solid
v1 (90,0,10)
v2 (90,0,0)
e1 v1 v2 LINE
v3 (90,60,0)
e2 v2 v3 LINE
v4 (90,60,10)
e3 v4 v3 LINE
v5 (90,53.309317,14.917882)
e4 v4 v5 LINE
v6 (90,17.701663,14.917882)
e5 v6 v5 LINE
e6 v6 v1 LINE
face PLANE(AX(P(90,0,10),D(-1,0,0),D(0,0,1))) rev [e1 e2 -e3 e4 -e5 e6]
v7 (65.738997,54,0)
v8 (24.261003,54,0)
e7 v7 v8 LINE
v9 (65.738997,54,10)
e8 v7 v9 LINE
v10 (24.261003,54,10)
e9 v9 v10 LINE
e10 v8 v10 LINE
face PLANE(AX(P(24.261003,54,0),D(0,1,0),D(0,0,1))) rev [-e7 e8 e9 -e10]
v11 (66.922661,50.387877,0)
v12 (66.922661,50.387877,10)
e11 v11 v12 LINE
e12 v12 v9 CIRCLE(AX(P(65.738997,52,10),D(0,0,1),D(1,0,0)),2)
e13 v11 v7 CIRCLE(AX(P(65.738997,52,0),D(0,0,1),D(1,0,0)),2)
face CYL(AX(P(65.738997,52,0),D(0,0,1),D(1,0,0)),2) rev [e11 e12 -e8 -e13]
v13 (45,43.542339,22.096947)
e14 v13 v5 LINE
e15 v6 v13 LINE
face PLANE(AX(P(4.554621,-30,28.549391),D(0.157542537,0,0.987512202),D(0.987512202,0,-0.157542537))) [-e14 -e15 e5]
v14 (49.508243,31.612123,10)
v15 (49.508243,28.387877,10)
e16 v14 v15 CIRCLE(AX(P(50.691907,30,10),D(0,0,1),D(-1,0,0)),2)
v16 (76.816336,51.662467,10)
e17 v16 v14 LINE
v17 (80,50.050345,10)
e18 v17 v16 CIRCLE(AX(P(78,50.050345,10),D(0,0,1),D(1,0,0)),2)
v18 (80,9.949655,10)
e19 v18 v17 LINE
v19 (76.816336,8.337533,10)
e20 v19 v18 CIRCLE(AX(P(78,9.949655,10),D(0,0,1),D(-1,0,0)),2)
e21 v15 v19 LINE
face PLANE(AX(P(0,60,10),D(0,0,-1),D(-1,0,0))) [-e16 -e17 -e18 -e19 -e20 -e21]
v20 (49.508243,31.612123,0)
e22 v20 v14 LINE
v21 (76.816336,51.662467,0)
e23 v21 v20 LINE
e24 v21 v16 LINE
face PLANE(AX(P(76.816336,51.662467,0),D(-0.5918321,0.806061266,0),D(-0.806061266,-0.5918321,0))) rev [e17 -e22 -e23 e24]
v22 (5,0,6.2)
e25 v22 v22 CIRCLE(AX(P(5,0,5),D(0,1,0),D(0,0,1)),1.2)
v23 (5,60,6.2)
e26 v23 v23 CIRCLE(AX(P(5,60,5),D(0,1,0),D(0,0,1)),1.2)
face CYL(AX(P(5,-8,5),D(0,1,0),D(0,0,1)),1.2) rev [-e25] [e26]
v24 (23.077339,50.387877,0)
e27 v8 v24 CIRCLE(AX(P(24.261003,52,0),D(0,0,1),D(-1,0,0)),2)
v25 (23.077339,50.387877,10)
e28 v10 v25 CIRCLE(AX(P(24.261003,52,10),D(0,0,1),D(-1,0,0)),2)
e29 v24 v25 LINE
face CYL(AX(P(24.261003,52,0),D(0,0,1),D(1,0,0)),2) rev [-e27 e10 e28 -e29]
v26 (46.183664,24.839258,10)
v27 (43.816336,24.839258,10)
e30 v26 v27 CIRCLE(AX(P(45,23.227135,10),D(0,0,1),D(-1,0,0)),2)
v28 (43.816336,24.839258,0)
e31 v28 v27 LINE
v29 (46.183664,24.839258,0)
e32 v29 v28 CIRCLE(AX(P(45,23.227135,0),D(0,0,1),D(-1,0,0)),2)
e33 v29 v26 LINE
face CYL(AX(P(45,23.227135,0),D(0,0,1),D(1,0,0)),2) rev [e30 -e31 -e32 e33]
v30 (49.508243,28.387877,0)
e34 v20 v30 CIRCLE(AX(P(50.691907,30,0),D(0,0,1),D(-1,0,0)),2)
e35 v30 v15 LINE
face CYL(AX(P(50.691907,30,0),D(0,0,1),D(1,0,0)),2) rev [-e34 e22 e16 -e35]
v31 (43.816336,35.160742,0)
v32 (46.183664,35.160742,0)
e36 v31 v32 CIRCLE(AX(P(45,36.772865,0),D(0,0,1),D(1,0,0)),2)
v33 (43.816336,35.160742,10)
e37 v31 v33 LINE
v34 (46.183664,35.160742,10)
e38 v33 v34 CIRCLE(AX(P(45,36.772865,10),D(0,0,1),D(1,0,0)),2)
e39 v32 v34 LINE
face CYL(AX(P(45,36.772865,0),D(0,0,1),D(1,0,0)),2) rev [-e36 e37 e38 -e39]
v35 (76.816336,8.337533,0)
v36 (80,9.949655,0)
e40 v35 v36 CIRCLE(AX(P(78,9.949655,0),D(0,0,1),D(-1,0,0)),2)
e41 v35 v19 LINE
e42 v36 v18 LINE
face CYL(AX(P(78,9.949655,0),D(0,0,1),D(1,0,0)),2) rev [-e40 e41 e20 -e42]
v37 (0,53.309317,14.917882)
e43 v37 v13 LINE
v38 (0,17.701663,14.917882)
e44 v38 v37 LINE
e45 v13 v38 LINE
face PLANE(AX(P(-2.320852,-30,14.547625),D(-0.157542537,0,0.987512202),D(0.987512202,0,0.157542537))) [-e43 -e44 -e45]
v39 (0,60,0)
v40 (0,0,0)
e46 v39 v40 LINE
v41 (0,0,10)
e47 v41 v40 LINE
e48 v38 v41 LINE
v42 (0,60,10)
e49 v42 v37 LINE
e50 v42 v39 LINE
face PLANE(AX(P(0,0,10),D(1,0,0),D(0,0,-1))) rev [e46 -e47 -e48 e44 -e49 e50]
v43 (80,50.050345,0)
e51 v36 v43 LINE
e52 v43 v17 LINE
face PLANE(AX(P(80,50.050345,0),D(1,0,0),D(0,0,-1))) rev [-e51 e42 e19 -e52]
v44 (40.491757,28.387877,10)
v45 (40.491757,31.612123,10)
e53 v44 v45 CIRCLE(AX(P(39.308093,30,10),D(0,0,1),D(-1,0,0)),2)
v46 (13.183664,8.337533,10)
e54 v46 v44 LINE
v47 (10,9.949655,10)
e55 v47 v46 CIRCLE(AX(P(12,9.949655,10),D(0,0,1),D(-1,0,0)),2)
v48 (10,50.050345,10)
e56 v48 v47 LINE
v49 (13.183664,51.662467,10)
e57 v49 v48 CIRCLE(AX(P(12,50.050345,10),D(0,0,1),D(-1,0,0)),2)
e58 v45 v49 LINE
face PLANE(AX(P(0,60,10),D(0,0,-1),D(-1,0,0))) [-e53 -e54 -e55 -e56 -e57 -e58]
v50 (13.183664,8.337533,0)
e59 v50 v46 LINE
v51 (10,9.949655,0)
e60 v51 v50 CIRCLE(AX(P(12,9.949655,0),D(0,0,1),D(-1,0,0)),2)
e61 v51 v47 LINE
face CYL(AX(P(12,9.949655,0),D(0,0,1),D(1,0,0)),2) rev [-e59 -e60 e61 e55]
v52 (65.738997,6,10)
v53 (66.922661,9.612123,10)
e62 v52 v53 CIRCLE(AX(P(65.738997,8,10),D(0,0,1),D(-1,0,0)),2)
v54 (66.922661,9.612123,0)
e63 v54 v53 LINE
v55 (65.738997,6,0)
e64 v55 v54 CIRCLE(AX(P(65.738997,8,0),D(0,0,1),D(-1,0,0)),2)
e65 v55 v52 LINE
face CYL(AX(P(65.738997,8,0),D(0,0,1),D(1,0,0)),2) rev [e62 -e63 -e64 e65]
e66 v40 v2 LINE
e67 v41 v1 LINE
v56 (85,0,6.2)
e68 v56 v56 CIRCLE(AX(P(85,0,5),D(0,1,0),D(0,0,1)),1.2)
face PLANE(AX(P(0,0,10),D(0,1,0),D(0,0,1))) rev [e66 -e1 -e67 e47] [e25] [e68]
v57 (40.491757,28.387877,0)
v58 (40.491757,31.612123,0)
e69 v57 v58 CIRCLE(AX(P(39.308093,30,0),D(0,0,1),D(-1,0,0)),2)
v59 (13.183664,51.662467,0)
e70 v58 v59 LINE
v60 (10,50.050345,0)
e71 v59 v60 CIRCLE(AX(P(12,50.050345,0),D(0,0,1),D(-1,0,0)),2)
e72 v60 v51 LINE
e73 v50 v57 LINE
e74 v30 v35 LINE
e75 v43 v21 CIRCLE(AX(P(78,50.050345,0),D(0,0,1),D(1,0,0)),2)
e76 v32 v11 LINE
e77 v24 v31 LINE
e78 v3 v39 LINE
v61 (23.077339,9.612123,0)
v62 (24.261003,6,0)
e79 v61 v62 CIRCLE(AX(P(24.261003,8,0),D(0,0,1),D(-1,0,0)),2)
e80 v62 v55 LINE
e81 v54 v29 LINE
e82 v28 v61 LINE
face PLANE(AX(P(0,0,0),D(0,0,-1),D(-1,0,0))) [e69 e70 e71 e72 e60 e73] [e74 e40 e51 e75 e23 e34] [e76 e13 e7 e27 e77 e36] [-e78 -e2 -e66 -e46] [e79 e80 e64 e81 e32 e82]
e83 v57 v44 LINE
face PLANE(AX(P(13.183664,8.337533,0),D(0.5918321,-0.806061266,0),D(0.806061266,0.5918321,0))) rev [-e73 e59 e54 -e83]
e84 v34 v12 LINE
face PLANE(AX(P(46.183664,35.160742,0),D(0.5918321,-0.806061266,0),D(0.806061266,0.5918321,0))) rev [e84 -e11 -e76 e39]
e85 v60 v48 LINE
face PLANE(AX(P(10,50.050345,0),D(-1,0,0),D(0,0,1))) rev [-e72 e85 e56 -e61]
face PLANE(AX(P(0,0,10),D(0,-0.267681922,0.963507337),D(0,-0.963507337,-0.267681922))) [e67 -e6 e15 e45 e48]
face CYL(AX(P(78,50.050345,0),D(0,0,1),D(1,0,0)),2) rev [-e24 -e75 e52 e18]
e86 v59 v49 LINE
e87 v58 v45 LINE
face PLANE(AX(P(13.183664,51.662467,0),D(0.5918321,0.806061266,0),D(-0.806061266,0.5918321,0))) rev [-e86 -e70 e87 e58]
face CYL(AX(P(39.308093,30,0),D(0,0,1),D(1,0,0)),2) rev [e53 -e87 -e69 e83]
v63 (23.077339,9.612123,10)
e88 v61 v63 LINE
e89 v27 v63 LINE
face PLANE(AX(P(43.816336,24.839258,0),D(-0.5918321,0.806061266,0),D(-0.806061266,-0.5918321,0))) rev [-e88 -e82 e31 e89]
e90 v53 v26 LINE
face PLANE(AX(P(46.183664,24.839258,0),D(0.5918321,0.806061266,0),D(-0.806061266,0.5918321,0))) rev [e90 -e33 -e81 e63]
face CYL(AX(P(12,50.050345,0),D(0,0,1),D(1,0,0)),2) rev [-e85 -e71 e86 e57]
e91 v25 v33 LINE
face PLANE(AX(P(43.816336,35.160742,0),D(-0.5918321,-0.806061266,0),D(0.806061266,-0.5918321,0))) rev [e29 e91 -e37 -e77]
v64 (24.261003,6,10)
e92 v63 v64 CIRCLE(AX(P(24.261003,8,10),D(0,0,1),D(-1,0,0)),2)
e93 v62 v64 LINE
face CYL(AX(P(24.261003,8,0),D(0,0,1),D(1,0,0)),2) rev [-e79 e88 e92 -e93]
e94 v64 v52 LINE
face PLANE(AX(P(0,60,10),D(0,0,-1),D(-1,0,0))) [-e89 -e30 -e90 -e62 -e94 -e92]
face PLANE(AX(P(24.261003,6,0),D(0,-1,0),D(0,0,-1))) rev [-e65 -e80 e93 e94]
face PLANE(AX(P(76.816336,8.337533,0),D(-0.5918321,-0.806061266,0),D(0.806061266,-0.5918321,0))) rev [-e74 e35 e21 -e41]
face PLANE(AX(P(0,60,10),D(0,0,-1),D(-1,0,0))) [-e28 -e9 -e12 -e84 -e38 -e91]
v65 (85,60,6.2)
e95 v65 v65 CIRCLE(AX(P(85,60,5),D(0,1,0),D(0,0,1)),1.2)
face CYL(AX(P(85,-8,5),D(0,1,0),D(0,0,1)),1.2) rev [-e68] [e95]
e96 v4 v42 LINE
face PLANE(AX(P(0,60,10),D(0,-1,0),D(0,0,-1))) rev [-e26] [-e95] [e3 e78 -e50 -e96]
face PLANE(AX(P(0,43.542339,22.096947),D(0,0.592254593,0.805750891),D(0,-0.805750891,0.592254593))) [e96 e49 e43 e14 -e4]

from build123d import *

# Parameters (mm, degrees)
SKIZZE1_W                       = 90
SKIZZE1_H                       = 60
AUFSATZ_LINEAR_AUSTRAGEN1_DEPTH = 10
SCHNITT_LINEAR_AUSTRAGEN1_DEPTH = 10
SKIZZE3_R                       = 1.2
SCHNITT_LINEAR_AUSTRAGEN2_DEPTH = 68
AUFSATZ_LINEAR_AUSTRAGEN2_DEPTH = 90
SCHNITT_LINEAR_AUSTRAGEN4_DEPTH = 90


with BuildPart() as part:
    # Skizze1 → Aufsatz-Linear austragen1 (new body)
    with BuildSketch(Plane.XY):
        with Locations((45, 30)):
            Rectangle(SKIZZE1_W, SKIZZE1_H)
    extrude(amount=AUFSATZ_LINEAR_AUSTRAGEN1_DEPTH)

    # Skizze2 → Schnitt-Linear austragen1 (cut)
    with BuildSketch(Plane.XY.offset(10)):
        with BuildLine():
            Line((10, 50.05034464), (10, 9.94965536))
            ThreePointArc((10, 9.94965536), (11.096486968, 8.165372815), (13.183664201, 8.337532828))
            Line((13.183664201, 8.337532828), (40.491757454, 28.387877468))
            ThreePointArc((40.491757454, 28.387877468), (41.308093253, 30), (40.491757454, 31.612122532))
            Line((40.491757454, 31.612122532), (13.183664201, 51.662467172))
            ThreePointArc((13.183664201, 51.662467172), (11.096486968, 51.834627185), (10, 50.05034464))
        make_face()
        with BuildLine():
            Line((43.816335799, 35.160742066), (23.07733899, 50.387877468))
            ThreePointArc((23.07733899, 50.387877468), (22.360444711, 52.622798095), (24.261003191, 54))
            Line((24.261003191, 54), (65.738996809, 54))
            ThreePointArc((65.738996809, 54), (67.639555289, 52.622798095), (66.92266101, 50.387877468))
            Line((66.92266101, 50.387877468), (46.183664201, 35.160742066))
            ThreePointArc((46.183664201, 35.160742066), (45, 34.772864599), (43.816335799, 35.160742066))
        make_face()
        with BuildLine():
            Line((24.261003191, 6), (65.738996809, 6))
            ThreePointArc((65.738996809, 6), (67.639555289, 7.377201905), (66.92266101, 9.612122532))
            Line((66.92266101, 9.612122532), (46.183664201, 24.839257934))
            ThreePointArc((46.183664201, 24.839257934), (45, 25.227135401), (43.816335799, 24.839257934))
            Line((43.816335799, 24.839257934), (23.07733899, 9.612122532))
            ThreePointArc((23.07733899, 9.612122532), (22.360444711, 7.377201905), (24.261003191, 6))
        make_face()
        with BuildLine():
            Line((80, 50.05034464), (80, 9.94965536))
            ThreePointArc((80, 9.94965536), (78.903513032, 8.165372815), (76.816335799, 8.337532828))
            Line((76.816335799, 8.337532828), (49.508242546, 28.387877468))
            ThreePointArc((49.508242546, 28.387877468), (48.691906747, 30), (49.508242546, 31.612122532))
            Line((49.508242546, 31.612122532), (76.816335799, 51.662467172))
            ThreePointArc((76.816335799, 51.662467172), (78.903513032, 51.834627185), (80, 50.05034464))
        make_face()
    extrude(amount=-SCHNITT_LINEAR_AUSTRAGEN1_DEPTH, mode=Mode.SUBTRACT)

    # Skizze3 → Schnitt-Linear austragen2 (cut)
    with BuildSketch(Plane(origin=(0, 60, 0), x_dir=(1, 0, 0), z_dir=(0, 1, 0))):
        with Locations(Location((5, -5, 0), (0, 0, 270))):
            Circle(SKIZZE3_R)
        with Locations(Location((85, -5, 0), (0, 0, 270))):
            Circle(SKIZZE3_R)
    extrude(amount=-SCHNITT_LINEAR_AUSTRAGEN2_DEPTH, mode=Mode.SUBTRACT)

    # Skizze4 → Aufsatz-Linear austragen2 (add)
    with BuildSketch(Plane(origin=(90, 0, 0), x_dir=(0, 0, -1), z_dir=(1, 0, 0))):
        Polygon((-10, 60), (-10, 0), (-22.096946665, 43.542338596), align=None)
    extrude(amount=-AUFSATZ_LINEAR_AUSTRAGEN2_DEPTH)

    # Skizze5 → Schnitt-Linear austragen4 (cut)
    with BuildSketch(Plane(origin=(0, 60, 0), x_dir=(1, 0, 0), z_dir=(0, 1, 0))):
        Polygon((90, -14.917881766), (45, -22.096946665), (90, -22.096946665), align=None)
        Polygon((45, -22.096946665), (0, -14.917881766), (0, -22.096946665), align=None)
    extrude(amount=-SCHNITT_LINEAR_AUSTRAGEN4_DEPTH, mode=Mode.SUBTRACT)


solid = part.part
